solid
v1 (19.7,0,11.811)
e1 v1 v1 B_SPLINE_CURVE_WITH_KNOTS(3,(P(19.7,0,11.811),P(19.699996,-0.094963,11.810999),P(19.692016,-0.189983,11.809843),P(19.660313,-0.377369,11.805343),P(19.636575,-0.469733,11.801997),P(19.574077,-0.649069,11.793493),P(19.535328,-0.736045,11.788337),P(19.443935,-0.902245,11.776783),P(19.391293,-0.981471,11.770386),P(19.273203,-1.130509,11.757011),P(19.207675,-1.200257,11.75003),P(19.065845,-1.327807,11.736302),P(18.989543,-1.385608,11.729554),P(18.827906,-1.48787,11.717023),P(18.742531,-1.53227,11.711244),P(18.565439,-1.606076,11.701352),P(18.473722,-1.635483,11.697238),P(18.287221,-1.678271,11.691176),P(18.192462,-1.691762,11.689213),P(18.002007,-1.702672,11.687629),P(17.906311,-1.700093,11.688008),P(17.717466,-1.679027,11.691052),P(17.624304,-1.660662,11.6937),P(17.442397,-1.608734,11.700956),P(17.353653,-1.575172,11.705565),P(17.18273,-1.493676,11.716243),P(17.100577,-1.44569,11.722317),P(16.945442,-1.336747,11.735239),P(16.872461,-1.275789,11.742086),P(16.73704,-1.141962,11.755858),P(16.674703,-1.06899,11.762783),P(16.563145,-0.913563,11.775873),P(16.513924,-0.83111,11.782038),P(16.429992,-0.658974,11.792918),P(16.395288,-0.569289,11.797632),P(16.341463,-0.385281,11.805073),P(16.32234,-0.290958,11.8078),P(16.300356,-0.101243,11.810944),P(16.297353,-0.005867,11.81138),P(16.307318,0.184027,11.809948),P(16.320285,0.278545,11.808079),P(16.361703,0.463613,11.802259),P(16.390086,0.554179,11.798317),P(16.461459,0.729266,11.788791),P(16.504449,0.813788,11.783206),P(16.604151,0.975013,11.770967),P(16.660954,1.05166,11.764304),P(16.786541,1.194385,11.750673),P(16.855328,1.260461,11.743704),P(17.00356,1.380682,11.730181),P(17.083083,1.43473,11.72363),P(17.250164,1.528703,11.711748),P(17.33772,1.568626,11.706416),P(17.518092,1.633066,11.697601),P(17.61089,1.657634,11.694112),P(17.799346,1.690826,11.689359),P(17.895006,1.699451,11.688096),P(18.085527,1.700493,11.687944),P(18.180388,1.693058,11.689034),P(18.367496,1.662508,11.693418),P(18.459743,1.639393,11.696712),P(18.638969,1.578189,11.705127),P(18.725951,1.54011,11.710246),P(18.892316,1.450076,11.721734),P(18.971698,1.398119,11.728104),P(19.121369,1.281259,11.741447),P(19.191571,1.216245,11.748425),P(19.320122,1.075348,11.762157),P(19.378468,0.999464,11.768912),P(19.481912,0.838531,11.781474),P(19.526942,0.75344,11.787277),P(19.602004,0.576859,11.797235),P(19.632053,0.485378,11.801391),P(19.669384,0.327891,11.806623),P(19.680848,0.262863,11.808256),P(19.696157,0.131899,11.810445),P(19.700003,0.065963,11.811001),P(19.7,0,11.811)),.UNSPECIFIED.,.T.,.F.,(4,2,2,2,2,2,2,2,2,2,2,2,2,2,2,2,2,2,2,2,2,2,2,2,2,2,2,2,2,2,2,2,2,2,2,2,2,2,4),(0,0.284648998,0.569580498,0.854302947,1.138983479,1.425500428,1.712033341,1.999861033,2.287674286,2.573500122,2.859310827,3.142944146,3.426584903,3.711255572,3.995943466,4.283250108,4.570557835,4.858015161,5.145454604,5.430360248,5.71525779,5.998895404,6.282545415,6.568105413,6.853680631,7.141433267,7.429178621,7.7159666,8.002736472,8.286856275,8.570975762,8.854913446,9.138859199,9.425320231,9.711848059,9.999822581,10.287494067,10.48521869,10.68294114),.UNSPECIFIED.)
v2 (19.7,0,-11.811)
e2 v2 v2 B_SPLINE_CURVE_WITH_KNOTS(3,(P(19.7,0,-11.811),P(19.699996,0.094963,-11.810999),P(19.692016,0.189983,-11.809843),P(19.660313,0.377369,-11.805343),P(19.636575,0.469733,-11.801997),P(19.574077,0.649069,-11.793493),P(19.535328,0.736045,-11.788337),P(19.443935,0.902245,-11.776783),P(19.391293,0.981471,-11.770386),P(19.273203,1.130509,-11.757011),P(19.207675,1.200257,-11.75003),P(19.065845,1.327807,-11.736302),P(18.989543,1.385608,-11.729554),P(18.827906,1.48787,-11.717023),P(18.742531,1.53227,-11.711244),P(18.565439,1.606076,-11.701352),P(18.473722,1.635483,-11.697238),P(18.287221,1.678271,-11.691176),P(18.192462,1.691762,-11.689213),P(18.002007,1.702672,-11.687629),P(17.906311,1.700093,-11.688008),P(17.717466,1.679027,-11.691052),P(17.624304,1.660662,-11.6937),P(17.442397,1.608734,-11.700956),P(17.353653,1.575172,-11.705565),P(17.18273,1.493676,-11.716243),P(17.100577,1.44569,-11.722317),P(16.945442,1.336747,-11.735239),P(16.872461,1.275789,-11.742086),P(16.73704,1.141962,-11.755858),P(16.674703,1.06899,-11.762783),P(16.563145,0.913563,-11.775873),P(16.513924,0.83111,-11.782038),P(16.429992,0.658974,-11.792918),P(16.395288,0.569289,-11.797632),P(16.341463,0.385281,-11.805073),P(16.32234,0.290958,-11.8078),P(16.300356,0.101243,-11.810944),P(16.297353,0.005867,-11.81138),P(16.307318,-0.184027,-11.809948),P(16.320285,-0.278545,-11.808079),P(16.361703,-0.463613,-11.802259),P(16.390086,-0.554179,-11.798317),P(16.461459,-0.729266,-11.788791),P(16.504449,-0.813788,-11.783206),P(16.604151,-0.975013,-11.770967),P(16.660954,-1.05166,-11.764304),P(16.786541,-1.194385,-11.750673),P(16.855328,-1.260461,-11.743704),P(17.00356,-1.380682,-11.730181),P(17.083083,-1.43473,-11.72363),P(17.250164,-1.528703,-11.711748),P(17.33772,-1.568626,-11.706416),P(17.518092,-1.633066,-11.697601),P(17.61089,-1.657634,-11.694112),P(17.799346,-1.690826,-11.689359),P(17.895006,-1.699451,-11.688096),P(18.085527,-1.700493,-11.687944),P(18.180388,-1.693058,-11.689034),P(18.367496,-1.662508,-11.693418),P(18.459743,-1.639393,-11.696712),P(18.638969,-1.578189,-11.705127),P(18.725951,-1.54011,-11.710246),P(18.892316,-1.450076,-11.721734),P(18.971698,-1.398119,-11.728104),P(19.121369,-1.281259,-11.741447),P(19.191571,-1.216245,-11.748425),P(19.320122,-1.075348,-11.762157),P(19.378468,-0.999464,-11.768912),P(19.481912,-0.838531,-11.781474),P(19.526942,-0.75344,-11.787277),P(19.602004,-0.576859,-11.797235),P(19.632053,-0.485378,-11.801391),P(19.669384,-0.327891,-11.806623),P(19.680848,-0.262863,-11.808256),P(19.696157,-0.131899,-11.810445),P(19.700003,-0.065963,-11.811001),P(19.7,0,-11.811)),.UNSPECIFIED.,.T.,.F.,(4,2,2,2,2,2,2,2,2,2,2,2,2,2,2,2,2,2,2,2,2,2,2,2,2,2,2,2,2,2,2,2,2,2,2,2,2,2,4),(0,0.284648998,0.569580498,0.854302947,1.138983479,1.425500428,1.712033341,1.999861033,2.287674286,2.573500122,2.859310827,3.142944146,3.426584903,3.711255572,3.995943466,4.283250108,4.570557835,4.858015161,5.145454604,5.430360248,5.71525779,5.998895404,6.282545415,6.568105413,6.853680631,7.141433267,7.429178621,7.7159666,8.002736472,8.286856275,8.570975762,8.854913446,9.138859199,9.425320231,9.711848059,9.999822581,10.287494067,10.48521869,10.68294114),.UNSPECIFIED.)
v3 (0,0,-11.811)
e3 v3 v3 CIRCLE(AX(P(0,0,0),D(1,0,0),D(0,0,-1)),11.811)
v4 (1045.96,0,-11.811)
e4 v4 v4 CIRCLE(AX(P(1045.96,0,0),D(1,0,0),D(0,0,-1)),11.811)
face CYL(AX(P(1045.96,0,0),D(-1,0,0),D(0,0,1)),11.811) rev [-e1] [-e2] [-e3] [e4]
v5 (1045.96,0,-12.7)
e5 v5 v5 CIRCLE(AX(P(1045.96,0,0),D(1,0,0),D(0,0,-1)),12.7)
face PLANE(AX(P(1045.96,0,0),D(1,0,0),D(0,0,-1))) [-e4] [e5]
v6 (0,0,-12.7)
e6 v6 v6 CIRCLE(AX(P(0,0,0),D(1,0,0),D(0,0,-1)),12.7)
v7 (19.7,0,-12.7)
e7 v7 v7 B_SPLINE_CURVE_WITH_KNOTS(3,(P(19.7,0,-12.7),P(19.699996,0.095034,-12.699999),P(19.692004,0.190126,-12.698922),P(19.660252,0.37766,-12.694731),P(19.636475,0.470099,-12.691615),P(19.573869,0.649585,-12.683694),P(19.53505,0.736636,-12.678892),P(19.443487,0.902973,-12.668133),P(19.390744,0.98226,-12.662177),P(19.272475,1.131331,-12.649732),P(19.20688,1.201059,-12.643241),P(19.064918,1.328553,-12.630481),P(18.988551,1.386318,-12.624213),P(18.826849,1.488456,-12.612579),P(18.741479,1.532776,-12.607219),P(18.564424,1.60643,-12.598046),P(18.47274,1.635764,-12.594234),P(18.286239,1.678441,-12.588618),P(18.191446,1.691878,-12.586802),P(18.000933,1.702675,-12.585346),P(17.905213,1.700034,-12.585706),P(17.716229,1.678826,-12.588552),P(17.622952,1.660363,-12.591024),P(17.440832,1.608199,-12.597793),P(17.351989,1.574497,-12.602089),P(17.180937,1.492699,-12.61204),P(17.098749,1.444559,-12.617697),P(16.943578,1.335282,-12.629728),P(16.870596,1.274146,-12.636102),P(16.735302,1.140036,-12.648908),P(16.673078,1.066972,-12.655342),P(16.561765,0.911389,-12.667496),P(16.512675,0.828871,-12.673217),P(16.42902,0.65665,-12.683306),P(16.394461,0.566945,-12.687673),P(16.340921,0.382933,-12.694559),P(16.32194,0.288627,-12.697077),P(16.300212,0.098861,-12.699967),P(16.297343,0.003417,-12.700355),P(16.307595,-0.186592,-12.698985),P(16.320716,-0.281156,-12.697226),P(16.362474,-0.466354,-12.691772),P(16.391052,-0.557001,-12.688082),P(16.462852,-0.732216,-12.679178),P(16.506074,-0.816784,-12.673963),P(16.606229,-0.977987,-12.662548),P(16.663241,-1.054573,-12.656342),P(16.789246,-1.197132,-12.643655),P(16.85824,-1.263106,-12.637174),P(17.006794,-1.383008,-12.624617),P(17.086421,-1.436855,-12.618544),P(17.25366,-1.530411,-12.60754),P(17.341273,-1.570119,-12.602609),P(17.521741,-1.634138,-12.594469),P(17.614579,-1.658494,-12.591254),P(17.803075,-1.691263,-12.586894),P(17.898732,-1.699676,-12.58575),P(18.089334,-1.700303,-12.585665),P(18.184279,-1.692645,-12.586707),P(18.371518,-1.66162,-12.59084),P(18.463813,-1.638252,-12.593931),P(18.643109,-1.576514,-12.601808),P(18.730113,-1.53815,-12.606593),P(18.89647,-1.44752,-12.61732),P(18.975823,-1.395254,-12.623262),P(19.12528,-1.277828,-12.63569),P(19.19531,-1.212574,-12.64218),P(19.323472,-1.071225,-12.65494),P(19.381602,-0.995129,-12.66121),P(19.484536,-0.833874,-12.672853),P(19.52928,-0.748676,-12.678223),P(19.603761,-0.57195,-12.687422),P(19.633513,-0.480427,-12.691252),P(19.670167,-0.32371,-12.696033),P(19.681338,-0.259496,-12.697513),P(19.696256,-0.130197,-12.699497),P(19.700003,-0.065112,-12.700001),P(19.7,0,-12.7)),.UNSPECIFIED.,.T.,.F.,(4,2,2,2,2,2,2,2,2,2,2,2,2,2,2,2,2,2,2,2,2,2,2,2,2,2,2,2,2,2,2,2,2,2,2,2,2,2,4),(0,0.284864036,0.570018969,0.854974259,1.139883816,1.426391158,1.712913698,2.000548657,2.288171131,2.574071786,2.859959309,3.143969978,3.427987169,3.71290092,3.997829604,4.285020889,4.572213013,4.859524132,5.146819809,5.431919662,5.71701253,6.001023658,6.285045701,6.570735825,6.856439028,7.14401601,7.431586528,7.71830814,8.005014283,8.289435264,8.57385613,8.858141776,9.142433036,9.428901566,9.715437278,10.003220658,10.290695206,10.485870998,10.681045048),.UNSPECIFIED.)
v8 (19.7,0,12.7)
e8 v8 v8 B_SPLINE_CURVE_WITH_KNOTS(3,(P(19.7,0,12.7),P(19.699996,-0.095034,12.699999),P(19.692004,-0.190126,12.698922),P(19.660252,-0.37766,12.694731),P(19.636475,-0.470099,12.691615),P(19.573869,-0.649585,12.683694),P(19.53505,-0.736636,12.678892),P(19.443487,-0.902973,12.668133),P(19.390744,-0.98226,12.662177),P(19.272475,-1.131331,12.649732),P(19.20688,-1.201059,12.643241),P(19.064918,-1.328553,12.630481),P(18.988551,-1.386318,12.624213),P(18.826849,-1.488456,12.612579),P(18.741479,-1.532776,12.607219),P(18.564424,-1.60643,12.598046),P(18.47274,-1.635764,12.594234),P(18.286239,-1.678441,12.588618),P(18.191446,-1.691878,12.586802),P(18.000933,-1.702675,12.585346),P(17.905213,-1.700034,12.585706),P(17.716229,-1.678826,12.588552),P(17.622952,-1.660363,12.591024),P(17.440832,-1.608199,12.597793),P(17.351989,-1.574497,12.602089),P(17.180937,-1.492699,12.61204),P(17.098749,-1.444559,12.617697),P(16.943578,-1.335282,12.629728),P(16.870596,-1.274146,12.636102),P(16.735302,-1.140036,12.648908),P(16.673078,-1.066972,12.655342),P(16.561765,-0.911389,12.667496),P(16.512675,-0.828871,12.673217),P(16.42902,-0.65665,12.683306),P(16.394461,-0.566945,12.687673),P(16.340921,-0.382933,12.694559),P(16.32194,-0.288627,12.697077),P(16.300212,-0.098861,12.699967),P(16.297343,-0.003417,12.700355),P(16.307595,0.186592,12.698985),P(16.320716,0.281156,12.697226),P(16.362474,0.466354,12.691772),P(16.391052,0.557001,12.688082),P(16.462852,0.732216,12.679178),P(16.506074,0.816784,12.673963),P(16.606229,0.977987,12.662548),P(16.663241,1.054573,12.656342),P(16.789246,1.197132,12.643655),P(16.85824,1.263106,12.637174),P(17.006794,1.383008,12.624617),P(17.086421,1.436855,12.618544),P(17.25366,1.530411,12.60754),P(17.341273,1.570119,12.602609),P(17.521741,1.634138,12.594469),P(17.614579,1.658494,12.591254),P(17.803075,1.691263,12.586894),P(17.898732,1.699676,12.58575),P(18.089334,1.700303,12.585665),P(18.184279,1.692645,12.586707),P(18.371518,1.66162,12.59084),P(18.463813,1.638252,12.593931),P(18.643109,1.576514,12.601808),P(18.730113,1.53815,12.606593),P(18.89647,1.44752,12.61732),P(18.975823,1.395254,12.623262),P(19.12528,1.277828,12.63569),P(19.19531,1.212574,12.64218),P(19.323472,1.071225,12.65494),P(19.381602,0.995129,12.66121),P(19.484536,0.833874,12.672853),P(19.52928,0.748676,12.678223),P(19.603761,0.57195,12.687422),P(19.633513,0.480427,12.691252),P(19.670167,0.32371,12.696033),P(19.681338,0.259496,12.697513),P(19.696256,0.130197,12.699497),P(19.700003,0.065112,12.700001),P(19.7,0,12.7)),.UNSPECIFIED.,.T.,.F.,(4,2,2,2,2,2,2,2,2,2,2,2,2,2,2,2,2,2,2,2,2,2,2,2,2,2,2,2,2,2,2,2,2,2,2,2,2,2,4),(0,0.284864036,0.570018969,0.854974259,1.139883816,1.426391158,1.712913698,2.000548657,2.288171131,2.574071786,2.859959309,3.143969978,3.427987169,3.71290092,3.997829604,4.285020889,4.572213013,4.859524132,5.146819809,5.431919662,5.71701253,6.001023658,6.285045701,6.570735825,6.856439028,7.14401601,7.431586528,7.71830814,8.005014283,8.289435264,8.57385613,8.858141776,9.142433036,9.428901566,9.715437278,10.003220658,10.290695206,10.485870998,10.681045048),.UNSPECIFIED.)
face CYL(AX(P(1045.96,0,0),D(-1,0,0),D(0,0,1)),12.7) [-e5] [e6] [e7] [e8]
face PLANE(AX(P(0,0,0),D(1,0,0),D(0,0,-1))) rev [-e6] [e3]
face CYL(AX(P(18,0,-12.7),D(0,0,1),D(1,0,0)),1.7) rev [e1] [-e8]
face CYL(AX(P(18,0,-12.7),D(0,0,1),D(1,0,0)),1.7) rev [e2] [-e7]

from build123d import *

# Parameters (mm, degrees)
SKETCH1_R               = 12.7
SKETCH1_R_2             = 11.811
BOSS_EXTRUDE1_DEPTH     = 1045.96
CUT_EXTRUDE1_DEPTH      = 1047.114191472
CUT_EXTRUDE1_DEPTH_BACK = 1047.114191472
SKETCH2_R               = 1.7


with BuildPart() as part:
    # Sketch1 → Boss-Extrude1 (new body)
    with BuildSketch(Plane(origin=(0, 0, 0), x_dir=(0, 0, -1), z_dir=(1, 0, 0))):
        Circle(SKETCH1_R)
        Circle(SKETCH1_R_2, mode=Mode.SUBTRACT)
    extrude(amount=BOSS_EXTRUDE1_DEPTH)

    # Sketch2 → Cut-Extrude1 (cut, two sides: drawn at the far end of the back side and taken through both)
    with BuildSketch(Plane.XY.offset(-CUT_EXTRUDE1_DEPTH_BACK)):
        with Locations((18, 0)):
            Circle(SKETCH2_R)
    extrude(amount=CUT_EXTRUDE1_DEPTH + CUT_EXTRUDE1_DEPTH_BACK, mode=Mode.SUBTRACT)


solid = part.part
